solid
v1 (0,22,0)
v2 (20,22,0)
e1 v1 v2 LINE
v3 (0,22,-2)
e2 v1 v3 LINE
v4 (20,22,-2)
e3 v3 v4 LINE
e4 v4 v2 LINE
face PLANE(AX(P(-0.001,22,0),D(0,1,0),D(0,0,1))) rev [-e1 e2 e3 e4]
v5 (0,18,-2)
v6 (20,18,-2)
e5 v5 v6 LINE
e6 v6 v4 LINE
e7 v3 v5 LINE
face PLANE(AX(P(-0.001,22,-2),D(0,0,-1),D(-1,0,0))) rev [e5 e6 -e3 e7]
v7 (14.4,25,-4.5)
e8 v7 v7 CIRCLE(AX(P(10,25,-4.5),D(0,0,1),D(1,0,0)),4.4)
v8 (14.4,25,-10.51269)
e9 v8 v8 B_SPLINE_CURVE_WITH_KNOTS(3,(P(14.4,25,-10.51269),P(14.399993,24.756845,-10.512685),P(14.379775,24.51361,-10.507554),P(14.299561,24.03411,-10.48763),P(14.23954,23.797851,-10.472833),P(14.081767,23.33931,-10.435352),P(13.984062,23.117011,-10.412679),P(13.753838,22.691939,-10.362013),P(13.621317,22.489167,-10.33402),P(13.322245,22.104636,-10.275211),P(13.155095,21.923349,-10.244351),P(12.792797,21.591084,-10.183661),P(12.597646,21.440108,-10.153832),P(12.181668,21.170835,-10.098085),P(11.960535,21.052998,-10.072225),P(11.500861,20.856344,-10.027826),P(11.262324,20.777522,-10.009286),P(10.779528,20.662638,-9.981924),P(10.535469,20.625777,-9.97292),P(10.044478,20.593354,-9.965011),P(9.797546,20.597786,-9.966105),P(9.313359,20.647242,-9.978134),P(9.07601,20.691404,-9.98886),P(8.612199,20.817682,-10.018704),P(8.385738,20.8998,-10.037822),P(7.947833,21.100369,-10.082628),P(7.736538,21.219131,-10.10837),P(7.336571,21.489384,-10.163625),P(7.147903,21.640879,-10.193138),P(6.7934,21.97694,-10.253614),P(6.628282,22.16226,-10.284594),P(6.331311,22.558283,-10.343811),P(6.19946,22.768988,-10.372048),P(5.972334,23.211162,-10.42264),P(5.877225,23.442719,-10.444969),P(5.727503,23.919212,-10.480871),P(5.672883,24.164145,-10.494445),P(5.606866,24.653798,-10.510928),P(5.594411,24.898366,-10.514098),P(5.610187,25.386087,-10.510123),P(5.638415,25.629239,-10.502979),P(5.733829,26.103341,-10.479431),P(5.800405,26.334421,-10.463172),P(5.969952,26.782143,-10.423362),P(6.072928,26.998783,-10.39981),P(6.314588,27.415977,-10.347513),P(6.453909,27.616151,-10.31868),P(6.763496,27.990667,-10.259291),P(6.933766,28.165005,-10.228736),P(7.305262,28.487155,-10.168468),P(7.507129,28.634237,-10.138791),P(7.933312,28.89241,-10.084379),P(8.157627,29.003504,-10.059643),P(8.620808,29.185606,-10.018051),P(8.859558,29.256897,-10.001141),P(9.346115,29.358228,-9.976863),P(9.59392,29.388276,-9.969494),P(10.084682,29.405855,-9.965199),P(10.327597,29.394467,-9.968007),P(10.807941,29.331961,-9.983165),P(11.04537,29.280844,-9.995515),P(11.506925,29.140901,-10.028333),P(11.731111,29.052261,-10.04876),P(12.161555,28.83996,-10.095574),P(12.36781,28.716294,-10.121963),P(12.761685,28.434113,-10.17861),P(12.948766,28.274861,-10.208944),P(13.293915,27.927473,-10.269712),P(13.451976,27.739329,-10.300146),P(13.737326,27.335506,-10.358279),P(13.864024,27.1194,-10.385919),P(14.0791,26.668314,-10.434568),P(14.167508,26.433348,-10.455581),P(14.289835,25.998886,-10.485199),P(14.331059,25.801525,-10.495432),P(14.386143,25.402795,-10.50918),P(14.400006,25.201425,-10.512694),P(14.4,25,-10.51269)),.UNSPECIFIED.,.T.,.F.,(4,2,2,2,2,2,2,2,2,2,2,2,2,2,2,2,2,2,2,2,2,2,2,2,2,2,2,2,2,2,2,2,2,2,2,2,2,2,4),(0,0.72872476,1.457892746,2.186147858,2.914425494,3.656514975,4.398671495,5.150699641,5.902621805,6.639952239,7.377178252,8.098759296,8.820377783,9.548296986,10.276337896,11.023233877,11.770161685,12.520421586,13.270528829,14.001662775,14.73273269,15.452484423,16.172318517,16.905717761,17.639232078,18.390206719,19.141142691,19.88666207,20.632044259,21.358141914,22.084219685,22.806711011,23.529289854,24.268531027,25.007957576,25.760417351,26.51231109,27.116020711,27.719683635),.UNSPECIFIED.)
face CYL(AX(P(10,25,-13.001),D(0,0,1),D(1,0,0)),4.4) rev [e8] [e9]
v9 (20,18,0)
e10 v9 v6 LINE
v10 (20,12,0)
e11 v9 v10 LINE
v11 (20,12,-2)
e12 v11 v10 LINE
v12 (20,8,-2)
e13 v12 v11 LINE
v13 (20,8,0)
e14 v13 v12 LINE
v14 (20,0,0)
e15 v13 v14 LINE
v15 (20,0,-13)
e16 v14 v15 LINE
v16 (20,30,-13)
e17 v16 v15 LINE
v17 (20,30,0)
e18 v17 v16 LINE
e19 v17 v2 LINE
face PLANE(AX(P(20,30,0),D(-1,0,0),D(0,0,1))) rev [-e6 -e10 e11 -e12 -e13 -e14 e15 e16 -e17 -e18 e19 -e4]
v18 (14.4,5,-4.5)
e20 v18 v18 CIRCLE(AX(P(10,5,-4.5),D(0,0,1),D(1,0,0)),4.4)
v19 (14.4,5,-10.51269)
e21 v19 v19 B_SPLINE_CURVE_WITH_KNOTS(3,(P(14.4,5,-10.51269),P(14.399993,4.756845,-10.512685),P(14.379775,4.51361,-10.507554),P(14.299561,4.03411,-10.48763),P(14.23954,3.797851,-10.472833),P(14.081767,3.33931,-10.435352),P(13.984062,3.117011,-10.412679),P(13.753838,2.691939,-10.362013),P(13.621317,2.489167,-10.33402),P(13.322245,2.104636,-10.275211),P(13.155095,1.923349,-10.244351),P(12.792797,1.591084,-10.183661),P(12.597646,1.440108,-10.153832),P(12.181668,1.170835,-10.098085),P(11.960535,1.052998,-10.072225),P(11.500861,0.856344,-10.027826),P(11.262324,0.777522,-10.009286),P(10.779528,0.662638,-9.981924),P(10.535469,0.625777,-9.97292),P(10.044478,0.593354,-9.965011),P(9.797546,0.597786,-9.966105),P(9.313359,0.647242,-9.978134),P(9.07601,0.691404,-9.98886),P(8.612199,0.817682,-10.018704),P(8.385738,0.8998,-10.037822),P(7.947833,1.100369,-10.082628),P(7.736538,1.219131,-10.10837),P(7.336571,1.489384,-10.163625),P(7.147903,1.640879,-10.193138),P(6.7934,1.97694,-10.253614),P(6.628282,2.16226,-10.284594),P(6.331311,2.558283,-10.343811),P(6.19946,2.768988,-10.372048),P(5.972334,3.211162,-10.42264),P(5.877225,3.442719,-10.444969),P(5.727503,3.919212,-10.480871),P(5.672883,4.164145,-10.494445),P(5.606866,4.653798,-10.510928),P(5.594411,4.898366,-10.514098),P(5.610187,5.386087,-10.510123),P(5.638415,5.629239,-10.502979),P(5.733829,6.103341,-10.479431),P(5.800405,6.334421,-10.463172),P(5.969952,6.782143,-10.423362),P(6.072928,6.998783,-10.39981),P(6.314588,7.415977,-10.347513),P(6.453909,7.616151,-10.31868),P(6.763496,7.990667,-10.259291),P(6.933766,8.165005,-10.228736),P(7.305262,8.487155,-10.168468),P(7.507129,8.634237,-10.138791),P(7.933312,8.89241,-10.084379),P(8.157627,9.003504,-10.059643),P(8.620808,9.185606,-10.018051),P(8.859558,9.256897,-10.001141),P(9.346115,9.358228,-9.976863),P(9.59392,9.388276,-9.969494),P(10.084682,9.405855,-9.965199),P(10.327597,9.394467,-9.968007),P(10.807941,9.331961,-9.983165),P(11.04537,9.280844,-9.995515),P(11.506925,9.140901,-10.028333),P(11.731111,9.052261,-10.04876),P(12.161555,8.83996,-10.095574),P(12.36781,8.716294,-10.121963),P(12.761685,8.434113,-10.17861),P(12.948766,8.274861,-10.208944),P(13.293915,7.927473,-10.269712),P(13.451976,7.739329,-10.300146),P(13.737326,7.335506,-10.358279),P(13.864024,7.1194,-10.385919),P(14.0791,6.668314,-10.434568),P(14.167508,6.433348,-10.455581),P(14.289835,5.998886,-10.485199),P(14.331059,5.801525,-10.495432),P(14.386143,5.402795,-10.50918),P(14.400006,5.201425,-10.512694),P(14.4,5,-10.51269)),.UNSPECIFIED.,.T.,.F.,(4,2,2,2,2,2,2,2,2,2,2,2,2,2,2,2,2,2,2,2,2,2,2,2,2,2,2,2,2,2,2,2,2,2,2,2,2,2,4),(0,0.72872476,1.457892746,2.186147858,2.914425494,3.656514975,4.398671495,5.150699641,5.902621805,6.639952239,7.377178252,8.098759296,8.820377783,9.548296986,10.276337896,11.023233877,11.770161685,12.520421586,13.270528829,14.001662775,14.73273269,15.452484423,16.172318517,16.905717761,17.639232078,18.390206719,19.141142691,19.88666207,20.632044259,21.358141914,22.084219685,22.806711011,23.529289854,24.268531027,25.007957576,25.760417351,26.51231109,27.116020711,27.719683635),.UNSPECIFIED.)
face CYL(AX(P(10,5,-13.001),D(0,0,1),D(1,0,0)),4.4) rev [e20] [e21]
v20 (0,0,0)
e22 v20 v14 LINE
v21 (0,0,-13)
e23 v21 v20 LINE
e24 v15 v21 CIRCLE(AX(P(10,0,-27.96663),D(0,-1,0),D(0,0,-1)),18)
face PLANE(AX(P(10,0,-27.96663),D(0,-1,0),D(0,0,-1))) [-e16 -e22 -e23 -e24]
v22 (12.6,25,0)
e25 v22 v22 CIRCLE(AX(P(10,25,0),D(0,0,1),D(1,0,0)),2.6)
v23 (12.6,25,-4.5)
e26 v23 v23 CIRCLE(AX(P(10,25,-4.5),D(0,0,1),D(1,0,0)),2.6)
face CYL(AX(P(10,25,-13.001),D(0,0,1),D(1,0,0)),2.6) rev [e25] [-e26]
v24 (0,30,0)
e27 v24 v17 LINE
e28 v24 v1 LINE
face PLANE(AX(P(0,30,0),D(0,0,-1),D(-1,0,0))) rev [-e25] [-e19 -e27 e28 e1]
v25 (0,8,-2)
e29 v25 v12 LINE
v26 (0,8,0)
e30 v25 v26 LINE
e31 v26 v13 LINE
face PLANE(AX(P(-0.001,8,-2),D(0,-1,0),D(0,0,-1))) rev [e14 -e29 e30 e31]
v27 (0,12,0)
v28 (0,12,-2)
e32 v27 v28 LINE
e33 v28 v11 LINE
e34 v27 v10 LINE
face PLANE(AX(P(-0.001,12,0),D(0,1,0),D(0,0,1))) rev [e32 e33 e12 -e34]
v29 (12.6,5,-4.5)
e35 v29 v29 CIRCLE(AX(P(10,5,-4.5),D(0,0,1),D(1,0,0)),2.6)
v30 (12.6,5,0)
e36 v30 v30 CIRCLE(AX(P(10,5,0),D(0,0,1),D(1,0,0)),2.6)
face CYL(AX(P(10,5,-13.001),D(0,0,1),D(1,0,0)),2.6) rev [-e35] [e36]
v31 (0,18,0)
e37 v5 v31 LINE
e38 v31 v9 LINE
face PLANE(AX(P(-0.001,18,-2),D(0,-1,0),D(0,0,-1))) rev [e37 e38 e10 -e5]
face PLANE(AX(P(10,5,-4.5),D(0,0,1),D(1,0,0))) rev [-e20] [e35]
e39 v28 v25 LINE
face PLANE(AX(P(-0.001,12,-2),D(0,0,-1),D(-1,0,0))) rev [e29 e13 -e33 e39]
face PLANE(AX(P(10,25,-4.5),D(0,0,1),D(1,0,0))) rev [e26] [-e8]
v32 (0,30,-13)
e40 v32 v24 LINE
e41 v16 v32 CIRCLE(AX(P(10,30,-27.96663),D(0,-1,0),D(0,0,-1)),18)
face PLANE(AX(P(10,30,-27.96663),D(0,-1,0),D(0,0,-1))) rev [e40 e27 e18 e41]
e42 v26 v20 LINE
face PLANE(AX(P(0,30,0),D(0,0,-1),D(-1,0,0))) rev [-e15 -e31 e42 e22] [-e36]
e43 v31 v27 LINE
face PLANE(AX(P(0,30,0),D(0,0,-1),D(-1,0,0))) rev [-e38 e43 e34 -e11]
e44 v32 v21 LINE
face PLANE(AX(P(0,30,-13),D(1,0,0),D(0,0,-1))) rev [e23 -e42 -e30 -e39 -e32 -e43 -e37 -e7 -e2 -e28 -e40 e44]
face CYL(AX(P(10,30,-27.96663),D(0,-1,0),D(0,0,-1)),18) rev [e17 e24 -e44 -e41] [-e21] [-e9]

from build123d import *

# Parameters (mm, degrees)
BOSS_EXTRUDE1_DEPTH = 30
CUT_EXTRUDE1_REACH  = 15
SKETCH2_R           = 2.6
CUT_EXTRUDE2_REACH  = 19.5
CUT_EXTRUDE2_START  = -4.5
SKETCH3_R           = 4.4
CUT_EXTRUDE3_REACH  = 22
SKETCH4_W           = 2
SKETCH4_H           = 4


with BuildPart() as part:
    # Sketch1 → Boss-Extrude1 (new body)
    with BuildSketch(Plane(origin=(0, 0, 0), x_dir=(1, 0, 0), z_dir=(0, 1, 0))):
        with BuildLine():
            Line((0, 0), (20, 0))
            Line((20, 0), (20, 13))
            ThreePointArc((20, 13), (10, 9.966629547), (0, 13))
            Line((0, 13), (0, 0))
        make_face()
    extrude(amount=BOSS_EXTRUDE1_DEPTH)

    # Sketch2 → Cut-Extrude1 (cut, up to next)
    with BuildSketch(Plane.XY, mode=Mode.PRIVATE) as cut_extrude1_sk1:
        with Locations((10, 25)):
            Circle(SKETCH2_R)
    cut_extrude1_tool1 = extrude(cut_extrude1_sk1.sketch, amount=-CUT_EXTRUDE1_REACH, mode=Mode.PRIVATE) & part.part
    add(cut_extrude1_tool1.solids().sort_by_distance((10, 25, 0))[0], mode=Mode.SUBTRACT)
    # Sketch2 → Cut-Extrude1 (cut, up to next)
    with BuildSketch(Plane.XY, mode=Mode.PRIVATE) as cut_extrude1_sk2:
        with Locations((10, 5)):
            Circle(SKETCH2_R)
    cut_extrude1_tool2 = extrude(cut_extrude1_sk2.sketch, amount=-CUT_EXTRUDE1_REACH, mode=Mode.PRIVATE) & part.part
    add(cut_extrude1_tool2.solids().sort_by_distance((10, 5, 0))[0], mode=Mode.SUBTRACT)

    # Sketch3 → Cut-Extrude2 (cut, up to next)
    with BuildSketch(Plane.XY.offset(CUT_EXTRUDE2_START), mode=Mode.PRIVATE) as cut_extrude2_sk1:
        with Locations((10, 25)):
            Circle(SKETCH3_R)
    cut_extrude2_tool1 = extrude(cut_extrude2_sk1.sketch, amount=-CUT_EXTRUDE2_REACH, mode=Mode.PRIVATE) & part.part
    add(cut_extrude2_tool1.solids().sort_by_distance((10, 25, -4.5))[0], mode=Mode.SUBTRACT)
    # Sketch3 → Cut-Extrude2 (cut, up to next)
    with BuildSketch(Plane.XY.offset(CUT_EXTRUDE2_START), mode=Mode.PRIVATE) as cut_extrude2_sk2:
        with Locations((10, 5)):
            Circle(SKETCH3_R)
    cut_extrude2_tool2 = extrude(cut_extrude2_sk2.sketch, amount=-CUT_EXTRUDE2_REACH, mode=Mode.PRIVATE) & part.part
    add(cut_extrude2_tool2.solids().sort_by_distance((10, 5, -4.5))[0], mode=Mode.SUBTRACT)

    # Sketch4 → Cut-Extrude3 (cut, up to next)
    with BuildSketch(Plane(origin=(20, 0, 0), x_dir=(0, 0, -1), z_dir=(1, 0, 0)), mode=Mode.PRIVATE) as cut_extrude3_sk1:
        with Locations((1, 20)):
            Rectangle(SKETCH4_W, SKETCH4_H)
    cut_extrude3_tool1 = extrude(cut_extrude3_sk1.sketch, amount=-CUT_EXTRUDE3_REACH, mode=Mode.PRIVATE) & part.part
    add(cut_extrude3_tool1.solids().sort_by_distance((20, 20, -1))[0], mode=Mode.SUBTRACT)
    # Sketch4 → Cut-Extrude3 (cut, up to next)
    with BuildSketch(Plane(origin=(20, 0, 0), x_dir=(0, 0, -1), z_dir=(1, 0, 0)), mode=Mode.PRIVATE) as cut_extrude3_sk2:
        with Locations((1, 10)):
            Rectangle(SKETCH4_W, SKETCH4_H)
    cut_extrude3_tool2 = extrude(cut_extrude3_sk2.sketch, amount=-CUT_EXTRUDE3_REACH, mode=Mode.PRIVATE) & part.part
    add(cut_extrude3_tool2.solids().sort_by_distance((20, 10, -1))[0], mode=Mode.SUBTRACT)


solid = part.part
